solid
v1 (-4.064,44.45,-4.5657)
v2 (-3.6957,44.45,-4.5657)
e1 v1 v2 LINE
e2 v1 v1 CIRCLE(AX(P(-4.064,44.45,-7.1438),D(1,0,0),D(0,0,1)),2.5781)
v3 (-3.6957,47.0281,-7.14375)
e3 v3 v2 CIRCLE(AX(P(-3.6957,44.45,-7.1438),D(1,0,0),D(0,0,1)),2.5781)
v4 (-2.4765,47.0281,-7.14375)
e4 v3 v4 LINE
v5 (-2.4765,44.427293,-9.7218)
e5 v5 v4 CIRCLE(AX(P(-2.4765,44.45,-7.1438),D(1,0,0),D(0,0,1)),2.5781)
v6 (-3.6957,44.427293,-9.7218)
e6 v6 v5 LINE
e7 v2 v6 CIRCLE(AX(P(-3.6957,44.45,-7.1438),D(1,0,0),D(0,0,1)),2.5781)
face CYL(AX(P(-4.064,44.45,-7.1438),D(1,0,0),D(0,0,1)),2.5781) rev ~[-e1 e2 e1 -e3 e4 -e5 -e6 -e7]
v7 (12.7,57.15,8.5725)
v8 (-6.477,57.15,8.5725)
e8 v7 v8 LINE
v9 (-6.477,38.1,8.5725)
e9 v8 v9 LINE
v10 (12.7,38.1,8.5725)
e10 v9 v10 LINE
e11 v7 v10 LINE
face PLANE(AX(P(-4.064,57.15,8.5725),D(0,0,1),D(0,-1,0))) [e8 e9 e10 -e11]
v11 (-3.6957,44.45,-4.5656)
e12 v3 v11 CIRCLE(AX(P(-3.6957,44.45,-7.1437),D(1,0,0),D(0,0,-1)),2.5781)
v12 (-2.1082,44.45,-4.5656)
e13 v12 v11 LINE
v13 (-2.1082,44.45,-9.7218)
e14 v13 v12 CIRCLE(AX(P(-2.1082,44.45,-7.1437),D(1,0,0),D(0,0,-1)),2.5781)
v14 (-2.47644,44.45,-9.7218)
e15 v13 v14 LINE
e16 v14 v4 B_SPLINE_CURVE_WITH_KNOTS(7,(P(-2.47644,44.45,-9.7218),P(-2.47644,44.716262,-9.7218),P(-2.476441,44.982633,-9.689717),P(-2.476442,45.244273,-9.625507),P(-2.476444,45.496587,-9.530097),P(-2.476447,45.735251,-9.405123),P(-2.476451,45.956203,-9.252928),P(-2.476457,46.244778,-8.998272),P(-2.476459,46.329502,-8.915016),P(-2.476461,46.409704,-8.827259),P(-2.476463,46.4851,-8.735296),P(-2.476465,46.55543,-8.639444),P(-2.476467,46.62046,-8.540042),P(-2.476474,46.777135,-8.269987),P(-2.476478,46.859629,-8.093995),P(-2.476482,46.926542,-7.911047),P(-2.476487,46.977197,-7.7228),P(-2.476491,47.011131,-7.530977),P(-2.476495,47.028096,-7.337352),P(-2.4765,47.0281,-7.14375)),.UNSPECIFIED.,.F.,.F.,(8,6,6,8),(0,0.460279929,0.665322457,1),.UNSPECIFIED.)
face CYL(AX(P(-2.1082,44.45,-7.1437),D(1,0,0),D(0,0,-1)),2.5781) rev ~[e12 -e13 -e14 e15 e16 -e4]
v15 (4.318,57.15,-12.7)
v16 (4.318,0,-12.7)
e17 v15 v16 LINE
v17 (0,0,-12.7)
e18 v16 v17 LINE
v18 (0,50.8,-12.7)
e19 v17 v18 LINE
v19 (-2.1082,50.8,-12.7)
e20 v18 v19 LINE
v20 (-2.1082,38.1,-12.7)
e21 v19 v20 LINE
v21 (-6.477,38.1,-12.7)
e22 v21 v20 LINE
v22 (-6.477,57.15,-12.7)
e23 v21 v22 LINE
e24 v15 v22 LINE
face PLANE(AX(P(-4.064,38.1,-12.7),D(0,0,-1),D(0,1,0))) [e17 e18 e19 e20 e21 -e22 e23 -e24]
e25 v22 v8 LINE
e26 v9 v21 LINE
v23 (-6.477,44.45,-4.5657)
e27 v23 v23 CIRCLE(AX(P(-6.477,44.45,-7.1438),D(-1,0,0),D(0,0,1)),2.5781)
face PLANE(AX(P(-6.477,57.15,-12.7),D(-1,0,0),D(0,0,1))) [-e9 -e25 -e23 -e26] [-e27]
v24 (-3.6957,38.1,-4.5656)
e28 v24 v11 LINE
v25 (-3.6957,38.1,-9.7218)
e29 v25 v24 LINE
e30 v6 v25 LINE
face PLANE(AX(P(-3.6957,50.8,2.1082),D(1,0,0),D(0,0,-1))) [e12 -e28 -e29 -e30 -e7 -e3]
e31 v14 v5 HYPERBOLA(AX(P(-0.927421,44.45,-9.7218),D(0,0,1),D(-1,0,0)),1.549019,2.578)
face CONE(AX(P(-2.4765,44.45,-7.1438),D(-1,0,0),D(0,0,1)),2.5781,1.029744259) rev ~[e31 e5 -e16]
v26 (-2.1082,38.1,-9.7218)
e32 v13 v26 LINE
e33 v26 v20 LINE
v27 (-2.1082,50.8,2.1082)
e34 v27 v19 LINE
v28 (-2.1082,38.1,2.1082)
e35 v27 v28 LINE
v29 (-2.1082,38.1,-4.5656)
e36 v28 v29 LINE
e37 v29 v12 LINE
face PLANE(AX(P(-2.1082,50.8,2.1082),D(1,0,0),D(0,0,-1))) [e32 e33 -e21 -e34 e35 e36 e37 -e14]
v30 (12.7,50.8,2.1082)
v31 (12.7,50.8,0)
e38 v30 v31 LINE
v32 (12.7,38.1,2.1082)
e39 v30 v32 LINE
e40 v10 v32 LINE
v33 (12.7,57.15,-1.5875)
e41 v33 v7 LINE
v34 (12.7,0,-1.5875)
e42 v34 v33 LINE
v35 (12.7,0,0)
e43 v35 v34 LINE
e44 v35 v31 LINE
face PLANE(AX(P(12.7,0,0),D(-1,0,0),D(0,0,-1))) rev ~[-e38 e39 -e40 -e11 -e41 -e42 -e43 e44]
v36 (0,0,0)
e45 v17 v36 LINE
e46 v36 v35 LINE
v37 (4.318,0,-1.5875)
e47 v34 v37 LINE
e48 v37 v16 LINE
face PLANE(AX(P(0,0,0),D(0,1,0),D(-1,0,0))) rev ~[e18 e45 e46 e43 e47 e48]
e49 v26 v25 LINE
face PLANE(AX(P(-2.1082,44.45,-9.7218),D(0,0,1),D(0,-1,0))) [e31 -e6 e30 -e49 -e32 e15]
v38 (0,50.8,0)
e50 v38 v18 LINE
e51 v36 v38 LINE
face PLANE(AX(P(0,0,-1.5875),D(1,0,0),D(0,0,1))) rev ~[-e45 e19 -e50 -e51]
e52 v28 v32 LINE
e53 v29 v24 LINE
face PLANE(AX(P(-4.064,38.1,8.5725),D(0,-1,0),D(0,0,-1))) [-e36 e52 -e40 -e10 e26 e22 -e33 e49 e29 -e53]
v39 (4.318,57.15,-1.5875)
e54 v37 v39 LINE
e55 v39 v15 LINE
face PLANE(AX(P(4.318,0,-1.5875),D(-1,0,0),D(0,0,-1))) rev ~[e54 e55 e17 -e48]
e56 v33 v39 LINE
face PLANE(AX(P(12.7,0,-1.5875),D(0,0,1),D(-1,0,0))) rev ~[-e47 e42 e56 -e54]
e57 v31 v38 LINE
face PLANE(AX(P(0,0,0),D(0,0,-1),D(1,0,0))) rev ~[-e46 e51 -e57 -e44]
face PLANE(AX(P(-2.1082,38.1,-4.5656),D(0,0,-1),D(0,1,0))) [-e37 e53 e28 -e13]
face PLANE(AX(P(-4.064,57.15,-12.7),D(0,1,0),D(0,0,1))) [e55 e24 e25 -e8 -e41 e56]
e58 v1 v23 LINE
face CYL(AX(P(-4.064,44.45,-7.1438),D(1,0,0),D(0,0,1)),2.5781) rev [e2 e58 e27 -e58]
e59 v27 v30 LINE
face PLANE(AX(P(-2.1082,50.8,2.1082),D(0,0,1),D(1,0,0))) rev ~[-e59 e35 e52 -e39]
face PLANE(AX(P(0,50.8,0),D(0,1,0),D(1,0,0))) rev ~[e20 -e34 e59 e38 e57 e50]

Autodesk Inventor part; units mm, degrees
ref_plane "YZ Plane" through (0, 0, 0) normal (1, 0, 0) x (0, 1, 0)
ref_plane "XZ Plane" through (0, 0, 0) normal (0, 1, 0) x (-1, 0, 0)
ref_plane "XY Plane" through (0, 0, 0) normal (0, 0, 1) x (1, 0, 0)
sketch "Sketch1" plane through (0, 0, 0) normal (0, 1, 0) x (-1, 0, 0)
  line L0 (0, 0) -> (-12.7, 0)
  line L1 (-12.7, 0) -> (-12.7, -1.5875)
  line L2 (-12.7, -1.5875) -> (0, -1.5875)
  line L3 (0, -1.5875) -> (0, 0)
  line L4 (0, 0) -> (-4.318, 0)
  line L5 (-4.318, 0) -> (-4.318, -12.7)
  line L6 (-4.318, -12.7) -> (0, -12.7)
  line L7 (0, -12.7) -> (0, 0)
  dimension "d0" = 4.318
  dimension "d1" = 12.7
  dimension "d2" = 12.7
  dimension "d33" = 1.5875
extrude "Extrusion1" add sketch "Sketch1" along normal blind 50.8
sketch "Sketch2" plane through (0, 50.8, 0) normal (0, 1, 0) x (1, 0, 0)
  line L0 (12.7, 0) -> (12.7, 1.5875) projected
  line L1 (12.7, 1.5875) -> (-4.064, 1.5875)
  line L2 (-4.064, 1.5875) -> (-4.064, -8.5725)
  line L3 (-4.064, -8.5725) -> (12.7, -8.5725)
  line L4 (12.7, -8.5725) -> (12.7, 1.5875)
  line L5 (4.318, 12.7) -> (-4.064, 12.7)
  line L6 (-4.064, 12.7) -> (-4.064, -8.5725)
  line L7 (-4.064, -8.5725) -> (4.318, -8.5725)
  line L8 (4.318, -8.5725) -> (4.318, 12.7)
  dimension "d26" = 10.16
  dimension "d28" = 16.764
extrude "Extrusion2" add sketch "Sketch2" along normal blind 6.35
sketch "Sketch5" plane through (0, 50.8, 0) normal (0, -1, 0) x (1, 0, 0)
  line L0 (12.7, 8.5725) -> (12.7, 0) projected
  line L1 (-4.064, -12.7) -> (-4.064, 8.5725) projected
  line L2 (12.7, 8.5725) -> (-4.064, 8.5725)
  line L3 (-4.064, 8.5725) -> (-4.064, 2.1082)
  line L4 (-4.064, 2.1082) -> (12.7, 2.1082)
  line L5 (12.7, 2.1082) -> (12.7, 8.5725)
  line L6 (0, -12.7) -> (-4.064, -12.7) projected
  line L7 (-4.064, 8.5725) -> (-2.1082, 8.5725)
  line L8 (-2.1082, 8.5725) -> (-2.1082, -12.7)
  line L9 (-2.1082, -12.7) -> (-4.064, -12.7)
  line L10 (-4.064, -12.7) -> (-4.064, 8.5725)
  line L11 (0, -12.7) -> (0, 0) projected
  line L12 (0, 0) -> (12.7, 0) projected
  dimension "d29" = 2.1082
  dimension "d30" = 2.1082
extrude "Extrusion4" add sketch "Sketch5" along normal blind 12.7 contours L0 L4 L8 L2 | L8 L4 L1 L2 | L8 L6 L1 L4
sketch "Sketch7" plane through (-4.064, 57.15, -12.7) normal (-1, 0, 0) x (0, 0, 1)
  line L0 (11.1125, 0) -> (11.1125, -57.15) projected
  line L1 (0, -57.15) -> (0, 0) projected
  line L2 (11.1125, 0) -> (0, 0) projected
  line L3 (0, -19.05) -> (14.8082, -19.05) projected
  line L4 (0, -6.35) -> (12.7, -6.35) projected
  point P0 (12.7, -57.15)
  point P1 (5.5562, -12.7)
  dimension "d47" = 11.1125
  dimension "d49" = 5.5563
  dimension "d58" = 12.7
  dimension "d59" = 6.35
hole "Hole2" at (-4.064, 44.45, -7.1438) direction (1, 0, 0) diameter 5.1562 depth 1.5875 tip angle 118
sketch "Sketch8" plane through (-4.064, 57.15, -12.7) normal (-1, 0, 0) x (0, 0, 1)
  circle A0 centre (5.5562, -12.7) radius 2.5781 projected
  circle A1 centre (5.5562, -12.7) radius 2.5781 projected
  line L0 (21.2725, 0) -> (21.2725, -19.05) projected
  line L1 (0, 0) -> (21.2725, 0) projected
  line L2 (0, -19.05) -> (0, 0) projected
  line L3 (21.2725, -19.05) -> (0, -19.05) projected
  point P0 (12.7, -57.15)
extrude "Extrusion5" add sketch "Sketch8" along normal blind 2.413
sketch "Sketch9" plane through (-2.1082, 50.8, 2.1082) normal (1, 0, 0) x (0, 0, -1)
  circle A0 centre (9.2519, -6.35) radius 2.5781 projected
  line L0 (14.8082, -12.7) -> (-6.4643, -12.7) projected
  line L1 (6.6738, -6.35) -> (11.83, -6.35)
  line L2 (11.83, -6.35) -> (11.83, -12.7)
  line L3 (11.83, -12.7) -> (6.6738, -12.7)
  line L4 (6.6738, -12.7) -> (6.6738, -6.35)
  point P0 (2.1082, -50.8)
  dimension "d62" = 5.1562
extrude "Extrusion6" cut sketch "Sketch9" against normal blind 1.5875
equation "\"d29\" = d30"
equation "\"d49\" = 0.5 * d47"
equation "\"d59\" = 0.5 * d58"
properties part number "8GrootTelescope"
